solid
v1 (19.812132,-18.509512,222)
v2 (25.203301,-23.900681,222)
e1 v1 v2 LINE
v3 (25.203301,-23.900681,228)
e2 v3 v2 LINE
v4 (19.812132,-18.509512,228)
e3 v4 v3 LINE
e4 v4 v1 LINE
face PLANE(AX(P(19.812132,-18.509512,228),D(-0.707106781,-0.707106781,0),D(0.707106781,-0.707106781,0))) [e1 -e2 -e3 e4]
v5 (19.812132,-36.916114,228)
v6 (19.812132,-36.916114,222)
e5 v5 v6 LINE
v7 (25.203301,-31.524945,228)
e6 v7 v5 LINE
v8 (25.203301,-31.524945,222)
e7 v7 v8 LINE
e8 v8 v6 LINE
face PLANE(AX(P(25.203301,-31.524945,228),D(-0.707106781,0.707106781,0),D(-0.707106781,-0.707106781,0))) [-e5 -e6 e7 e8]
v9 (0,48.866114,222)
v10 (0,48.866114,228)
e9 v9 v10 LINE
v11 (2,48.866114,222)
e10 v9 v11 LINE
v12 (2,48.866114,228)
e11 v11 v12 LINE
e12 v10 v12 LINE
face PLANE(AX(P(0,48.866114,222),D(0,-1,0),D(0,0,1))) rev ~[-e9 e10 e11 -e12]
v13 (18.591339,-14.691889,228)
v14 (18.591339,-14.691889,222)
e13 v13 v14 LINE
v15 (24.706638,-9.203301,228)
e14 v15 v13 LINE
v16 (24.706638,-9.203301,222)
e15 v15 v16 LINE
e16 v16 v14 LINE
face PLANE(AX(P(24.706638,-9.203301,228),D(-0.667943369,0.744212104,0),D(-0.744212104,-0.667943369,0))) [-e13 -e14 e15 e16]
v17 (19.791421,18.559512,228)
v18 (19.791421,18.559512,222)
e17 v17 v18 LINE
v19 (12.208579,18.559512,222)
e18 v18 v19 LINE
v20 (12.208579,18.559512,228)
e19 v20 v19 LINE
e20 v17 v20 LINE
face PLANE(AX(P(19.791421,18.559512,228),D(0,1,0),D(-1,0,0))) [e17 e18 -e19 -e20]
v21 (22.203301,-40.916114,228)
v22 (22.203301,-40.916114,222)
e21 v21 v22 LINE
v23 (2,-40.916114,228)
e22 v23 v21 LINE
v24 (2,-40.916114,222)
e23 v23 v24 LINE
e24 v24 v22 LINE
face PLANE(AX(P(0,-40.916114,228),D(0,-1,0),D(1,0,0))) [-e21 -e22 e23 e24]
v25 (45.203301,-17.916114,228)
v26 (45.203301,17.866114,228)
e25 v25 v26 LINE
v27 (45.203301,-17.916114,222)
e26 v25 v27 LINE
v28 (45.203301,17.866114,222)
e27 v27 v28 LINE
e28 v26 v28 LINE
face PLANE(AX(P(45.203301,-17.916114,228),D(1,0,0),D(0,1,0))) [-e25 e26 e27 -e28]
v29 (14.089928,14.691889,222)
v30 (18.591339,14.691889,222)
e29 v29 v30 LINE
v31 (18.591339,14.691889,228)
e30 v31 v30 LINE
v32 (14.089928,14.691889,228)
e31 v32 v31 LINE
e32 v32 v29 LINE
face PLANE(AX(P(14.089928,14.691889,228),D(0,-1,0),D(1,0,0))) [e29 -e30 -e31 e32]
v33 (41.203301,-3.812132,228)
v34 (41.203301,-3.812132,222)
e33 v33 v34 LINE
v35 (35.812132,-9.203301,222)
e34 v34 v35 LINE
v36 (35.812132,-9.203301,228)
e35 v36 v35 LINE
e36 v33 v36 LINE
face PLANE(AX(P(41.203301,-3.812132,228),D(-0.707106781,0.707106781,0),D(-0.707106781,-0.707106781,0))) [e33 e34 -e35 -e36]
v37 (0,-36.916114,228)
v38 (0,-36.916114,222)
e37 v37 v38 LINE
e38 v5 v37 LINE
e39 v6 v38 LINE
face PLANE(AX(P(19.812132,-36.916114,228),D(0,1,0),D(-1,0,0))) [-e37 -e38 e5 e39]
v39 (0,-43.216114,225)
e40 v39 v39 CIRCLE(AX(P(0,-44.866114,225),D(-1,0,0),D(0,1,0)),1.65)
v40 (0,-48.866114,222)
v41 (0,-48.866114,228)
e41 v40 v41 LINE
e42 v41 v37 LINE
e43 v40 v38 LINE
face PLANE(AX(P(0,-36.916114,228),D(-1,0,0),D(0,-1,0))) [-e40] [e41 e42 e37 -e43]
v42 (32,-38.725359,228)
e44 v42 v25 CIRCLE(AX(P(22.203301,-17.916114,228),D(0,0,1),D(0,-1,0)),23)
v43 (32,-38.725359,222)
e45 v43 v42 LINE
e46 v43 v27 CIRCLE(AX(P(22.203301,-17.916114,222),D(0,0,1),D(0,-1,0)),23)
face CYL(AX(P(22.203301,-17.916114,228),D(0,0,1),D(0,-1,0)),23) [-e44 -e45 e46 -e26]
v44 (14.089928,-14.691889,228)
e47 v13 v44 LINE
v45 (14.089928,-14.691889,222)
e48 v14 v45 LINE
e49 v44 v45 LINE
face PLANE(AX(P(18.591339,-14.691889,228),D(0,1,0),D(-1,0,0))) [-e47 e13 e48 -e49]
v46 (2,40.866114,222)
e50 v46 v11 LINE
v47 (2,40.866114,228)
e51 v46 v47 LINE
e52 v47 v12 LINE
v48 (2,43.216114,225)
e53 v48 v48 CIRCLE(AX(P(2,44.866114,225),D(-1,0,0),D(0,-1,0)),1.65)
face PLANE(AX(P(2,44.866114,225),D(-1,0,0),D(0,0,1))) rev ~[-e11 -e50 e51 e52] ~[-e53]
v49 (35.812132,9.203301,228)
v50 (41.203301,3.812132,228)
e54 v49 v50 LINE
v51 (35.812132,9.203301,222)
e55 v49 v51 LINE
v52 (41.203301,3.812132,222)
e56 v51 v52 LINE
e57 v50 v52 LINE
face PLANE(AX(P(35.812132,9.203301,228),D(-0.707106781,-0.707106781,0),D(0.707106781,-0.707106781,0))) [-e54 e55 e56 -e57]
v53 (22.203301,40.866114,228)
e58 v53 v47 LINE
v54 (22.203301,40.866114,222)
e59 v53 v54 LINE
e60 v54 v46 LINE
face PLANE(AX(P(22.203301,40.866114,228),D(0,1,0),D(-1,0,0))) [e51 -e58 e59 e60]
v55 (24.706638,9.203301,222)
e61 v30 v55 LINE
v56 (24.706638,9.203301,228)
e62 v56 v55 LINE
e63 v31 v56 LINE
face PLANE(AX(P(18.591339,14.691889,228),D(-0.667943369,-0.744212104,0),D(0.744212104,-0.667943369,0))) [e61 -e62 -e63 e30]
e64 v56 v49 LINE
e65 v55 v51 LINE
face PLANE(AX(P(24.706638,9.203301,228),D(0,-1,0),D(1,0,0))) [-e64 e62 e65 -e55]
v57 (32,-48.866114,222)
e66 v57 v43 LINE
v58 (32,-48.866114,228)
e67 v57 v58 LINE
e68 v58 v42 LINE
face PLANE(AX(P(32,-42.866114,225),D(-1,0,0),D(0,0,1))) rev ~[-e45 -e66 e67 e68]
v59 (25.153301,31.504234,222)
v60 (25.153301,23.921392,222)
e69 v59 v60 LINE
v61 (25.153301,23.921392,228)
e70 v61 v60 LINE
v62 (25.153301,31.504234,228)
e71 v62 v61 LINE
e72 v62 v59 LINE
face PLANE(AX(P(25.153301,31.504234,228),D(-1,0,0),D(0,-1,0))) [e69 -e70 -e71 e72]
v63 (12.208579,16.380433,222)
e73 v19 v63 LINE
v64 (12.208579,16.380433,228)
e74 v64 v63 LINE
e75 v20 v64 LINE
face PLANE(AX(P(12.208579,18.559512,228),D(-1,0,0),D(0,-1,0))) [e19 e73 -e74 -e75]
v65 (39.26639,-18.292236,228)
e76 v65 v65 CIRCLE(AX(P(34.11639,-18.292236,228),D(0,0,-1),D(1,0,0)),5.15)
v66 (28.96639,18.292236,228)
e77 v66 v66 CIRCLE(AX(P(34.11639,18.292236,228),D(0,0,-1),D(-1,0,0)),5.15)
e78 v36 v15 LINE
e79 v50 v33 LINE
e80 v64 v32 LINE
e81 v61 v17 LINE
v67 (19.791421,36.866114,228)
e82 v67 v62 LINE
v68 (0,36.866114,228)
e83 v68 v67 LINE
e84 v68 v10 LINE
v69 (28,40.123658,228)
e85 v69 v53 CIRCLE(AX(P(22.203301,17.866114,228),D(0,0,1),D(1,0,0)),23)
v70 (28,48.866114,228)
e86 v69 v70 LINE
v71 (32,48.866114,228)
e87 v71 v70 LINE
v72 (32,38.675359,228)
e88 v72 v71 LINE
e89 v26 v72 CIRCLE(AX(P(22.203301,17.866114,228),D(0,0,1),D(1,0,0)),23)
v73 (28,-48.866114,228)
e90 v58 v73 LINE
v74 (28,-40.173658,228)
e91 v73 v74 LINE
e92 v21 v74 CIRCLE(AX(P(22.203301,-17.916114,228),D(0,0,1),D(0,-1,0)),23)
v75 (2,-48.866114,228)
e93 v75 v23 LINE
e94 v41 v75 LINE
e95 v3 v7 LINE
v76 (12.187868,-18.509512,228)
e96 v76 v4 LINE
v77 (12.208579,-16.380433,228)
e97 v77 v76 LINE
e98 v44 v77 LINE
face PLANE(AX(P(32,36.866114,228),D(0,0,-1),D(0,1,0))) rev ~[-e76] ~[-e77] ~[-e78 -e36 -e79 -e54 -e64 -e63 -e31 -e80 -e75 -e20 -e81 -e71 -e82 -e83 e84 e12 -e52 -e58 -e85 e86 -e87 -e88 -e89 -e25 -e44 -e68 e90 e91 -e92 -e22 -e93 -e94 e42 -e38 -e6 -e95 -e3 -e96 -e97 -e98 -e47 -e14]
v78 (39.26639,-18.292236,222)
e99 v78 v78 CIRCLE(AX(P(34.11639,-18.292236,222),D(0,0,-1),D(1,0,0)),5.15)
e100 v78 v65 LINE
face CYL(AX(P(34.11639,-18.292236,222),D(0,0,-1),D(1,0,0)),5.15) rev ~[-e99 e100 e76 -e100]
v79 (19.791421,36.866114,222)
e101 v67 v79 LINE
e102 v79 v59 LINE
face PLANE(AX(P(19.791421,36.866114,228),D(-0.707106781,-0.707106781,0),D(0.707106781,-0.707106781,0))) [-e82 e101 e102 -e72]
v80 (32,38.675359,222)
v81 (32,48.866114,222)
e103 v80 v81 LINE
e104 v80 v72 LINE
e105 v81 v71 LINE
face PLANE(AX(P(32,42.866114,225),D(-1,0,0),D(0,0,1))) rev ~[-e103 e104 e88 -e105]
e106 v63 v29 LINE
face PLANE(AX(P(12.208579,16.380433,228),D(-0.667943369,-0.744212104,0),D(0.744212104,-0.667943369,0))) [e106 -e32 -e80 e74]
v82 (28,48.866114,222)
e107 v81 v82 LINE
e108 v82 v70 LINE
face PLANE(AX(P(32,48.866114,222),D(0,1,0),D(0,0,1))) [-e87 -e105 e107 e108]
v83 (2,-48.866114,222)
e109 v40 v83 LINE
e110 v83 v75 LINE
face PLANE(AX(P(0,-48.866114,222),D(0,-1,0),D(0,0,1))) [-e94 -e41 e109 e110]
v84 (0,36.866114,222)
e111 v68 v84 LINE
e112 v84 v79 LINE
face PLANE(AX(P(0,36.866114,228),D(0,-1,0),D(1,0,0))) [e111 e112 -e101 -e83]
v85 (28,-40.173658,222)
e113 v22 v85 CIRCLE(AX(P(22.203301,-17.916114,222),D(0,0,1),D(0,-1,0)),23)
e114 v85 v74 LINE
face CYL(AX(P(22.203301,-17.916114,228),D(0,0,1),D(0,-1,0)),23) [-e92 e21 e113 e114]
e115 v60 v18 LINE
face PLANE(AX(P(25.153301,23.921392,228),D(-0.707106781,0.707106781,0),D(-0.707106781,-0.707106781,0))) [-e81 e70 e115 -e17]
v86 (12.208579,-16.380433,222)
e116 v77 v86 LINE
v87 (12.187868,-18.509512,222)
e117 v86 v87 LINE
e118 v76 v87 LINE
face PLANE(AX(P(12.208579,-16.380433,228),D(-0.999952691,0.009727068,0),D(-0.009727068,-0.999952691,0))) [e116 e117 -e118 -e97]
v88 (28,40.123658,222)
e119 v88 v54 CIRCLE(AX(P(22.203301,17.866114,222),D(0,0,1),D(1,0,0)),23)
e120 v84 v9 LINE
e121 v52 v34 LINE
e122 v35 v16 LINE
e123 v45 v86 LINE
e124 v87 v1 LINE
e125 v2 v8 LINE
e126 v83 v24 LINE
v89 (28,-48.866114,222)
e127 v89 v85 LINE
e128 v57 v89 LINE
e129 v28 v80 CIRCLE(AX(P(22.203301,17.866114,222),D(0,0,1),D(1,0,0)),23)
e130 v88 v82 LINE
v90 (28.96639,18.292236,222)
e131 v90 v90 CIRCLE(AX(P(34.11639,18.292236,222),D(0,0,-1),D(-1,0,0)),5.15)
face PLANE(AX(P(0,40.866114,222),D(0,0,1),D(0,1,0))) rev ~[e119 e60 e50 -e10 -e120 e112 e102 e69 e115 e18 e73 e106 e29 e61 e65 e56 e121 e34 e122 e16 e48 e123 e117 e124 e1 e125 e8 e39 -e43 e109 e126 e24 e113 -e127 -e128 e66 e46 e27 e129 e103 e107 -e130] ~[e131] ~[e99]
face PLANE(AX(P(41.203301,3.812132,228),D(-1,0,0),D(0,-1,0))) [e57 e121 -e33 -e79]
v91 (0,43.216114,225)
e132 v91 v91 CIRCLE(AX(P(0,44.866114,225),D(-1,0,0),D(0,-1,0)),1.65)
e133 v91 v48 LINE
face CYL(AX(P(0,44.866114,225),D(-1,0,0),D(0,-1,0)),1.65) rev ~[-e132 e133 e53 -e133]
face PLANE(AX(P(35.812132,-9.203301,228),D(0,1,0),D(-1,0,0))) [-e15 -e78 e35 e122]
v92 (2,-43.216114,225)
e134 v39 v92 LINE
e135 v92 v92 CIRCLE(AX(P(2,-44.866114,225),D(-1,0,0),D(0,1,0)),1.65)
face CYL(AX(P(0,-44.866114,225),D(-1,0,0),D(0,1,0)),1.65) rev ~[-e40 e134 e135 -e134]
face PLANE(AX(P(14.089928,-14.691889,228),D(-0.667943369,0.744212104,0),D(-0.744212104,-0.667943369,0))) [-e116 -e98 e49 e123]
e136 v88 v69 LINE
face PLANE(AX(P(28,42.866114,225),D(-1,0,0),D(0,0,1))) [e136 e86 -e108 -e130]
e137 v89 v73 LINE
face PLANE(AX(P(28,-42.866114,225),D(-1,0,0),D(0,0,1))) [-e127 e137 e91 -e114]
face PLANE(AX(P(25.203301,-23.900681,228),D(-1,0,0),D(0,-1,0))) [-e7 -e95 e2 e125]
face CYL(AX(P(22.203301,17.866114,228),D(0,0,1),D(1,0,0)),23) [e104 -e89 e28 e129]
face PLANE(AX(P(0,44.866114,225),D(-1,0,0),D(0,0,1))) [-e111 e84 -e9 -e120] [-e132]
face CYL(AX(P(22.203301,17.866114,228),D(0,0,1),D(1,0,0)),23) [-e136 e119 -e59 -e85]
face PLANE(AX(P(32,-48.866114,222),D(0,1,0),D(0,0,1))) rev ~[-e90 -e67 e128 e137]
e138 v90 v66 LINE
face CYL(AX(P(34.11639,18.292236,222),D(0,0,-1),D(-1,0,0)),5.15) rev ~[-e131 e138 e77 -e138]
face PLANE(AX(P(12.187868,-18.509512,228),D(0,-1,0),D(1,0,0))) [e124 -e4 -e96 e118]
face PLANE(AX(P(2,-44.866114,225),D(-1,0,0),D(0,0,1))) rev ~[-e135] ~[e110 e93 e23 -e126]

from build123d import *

# Parameters (mm, degrees)
EXTRUDE_1_DEPTH     = 6
SKETCH_2_W          = 6
SKETCH_2_H          = 8
SKETCH_2_R          = 1.65
EXTRUDE_2_DEPTH     = 2
EXTRUDE_START       = -32
SKETCH_3_W          = 6
SKETCH_3_H          = 12
EXTRUDE_3_DEPTH     = 4
CUT_EXTRUDE_1_REACH = 68.837
SKETCH_4_R          = 5.15


with BuildPart() as part:
    # 草图1 → 凸台-拉伸1 (new body)
    with BuildSketch(Plane.XY.offset(228)):
        with BuildLine():
            Line((25.153300859, 23.921391565), (19.791421356, 18.559512062))
            Line((19.791421356, 18.559512062), (12.208578644, 18.559512062))
            Line((12.208578644, 18.559512062), (12.208578644, 16.380432911))
            Line((12.208578644, 16.380432911), (14.08992832, 14.6918887))
            Line((14.08992832, 14.6918887), (18.591338638, 14.6918887))
            Line((18.591338638, 14.6918887), (24.706637775, 9.203300859))
            Line((24.706637775, 9.203300859), (28.187867966, 9.203300859))
            Line((28.187867966, 9.203300859), (35.812132034, 9.203300859))
            Line((35.812132034, 9.203300859), (41.203300859, 3.812132034))
            Line((41.203300859, 3.812132034), (41.203300859, -3.812132034))
            Line((41.203300859, -3.812132034), (35.812132034, -9.203300859))
            Line((35.812132034, -9.203300859), (28.187867966, -9.203300859))
            Line((28.187867966, -9.203300859), (24.706637775, -9.203300859))
            Line((24.706637775, -9.203300859), (18.591338638, -14.6918887))
            Line((18.591338638, -14.6918887), (14.08992832, -14.6918887))
            Line((14.08992832, -14.6918887), (12.208578644, -16.380432911))
            Line((12.208578644, -16.380432911), (12.187867966, -18.509512062))
            Line((12.187867966, -18.509512062), (19.812132034, -18.509512062))
            Line((19.812132034, -18.509512062), (25.203300859, -23.900680887))
            Line((25.203300859, -23.900680887), (25.203300859, -31.524944955))
            Line((25.203300859, -31.524944955), (19.812132034, -36.91611378))
            Line((19.812132034, -36.91611378), (12.187867966, -36.91611378))
            Line((12.187867966, -36.91611378), (0, -36.91611378))
            Line((0, -36.91611378), (0, -40.91611378))
            Line((0, -40.91611378), (22.203300859, -40.91611378))
            ThreePointArc((22.203300859, -40.91611378), (38.466756826, -34.179569747), (45.203300859, -17.91611378))
            Line((45.203300859, -17.91611378), (45.203300859, 17.86611378))
            ThreePointArc((45.203300859, 17.86611378), (38.466756826, 34.129569747), (22.203300859, 40.86611378))
            Line((22.203300859, 40.86611378), (0, 40.86611378))
            Line((0, 40.86611378), (0, 36.86611378))
            Line((0, 36.86611378), (12.208578644, 36.86611378))
            Line((12.208578644, 36.86611378), (19.791421356, 36.86611378))
            Line((19.791421356, 36.86611378), (25.153300859, 31.504234277))
            Line((25.153300859, 31.504234277), (25.153300859, 23.921391565))
        make_face()
    extrude(amount=-EXTRUDE_1_DEPTH)

    # 草图2 → 凸台-拉伸2 (add)
    # profile 1 of 2: a face of its own
    with BuildSketch(Plane.ZY):
        with Locations((225, 44.86611378)):
            Rectangle(SKETCH_2_W, SKETCH_2_H)
        with Locations(Location((225, 44.86611378, 0), (0, 0, 270))):
            Circle(SKETCH_2_R, mode=Mode.SUBTRACT)
    # profile 2 of 2: a face of its own
    with BuildSketch(Plane.ZY):
        with Locations((225, -44.86611378)):
            Rectangle(SKETCH_2_W, SKETCH_2_H)
        with Locations(Location((225, -44.86611378, 0), (0, 0, 90))):
            Circle(SKETCH_2_R, mode=Mode.SUBTRACT)
    extrude(amount=-EXTRUDE_2_DEPTH)

    # 草图3 → 凸台-拉伸3 (add)
    with BuildSketch(Plane.ZY.offset(EXTRUDE_START)):
        with Locations((225, 42.86611378)):
            Rectangle(SKETCH_3_W, SKETCH_3_H)
        with Locations((225, -42.86611378)):
            Rectangle(SKETCH_3_W, SKETCH_3_H)
    extrude(amount=EXTRUDE_3_DEPTH)

    # 草图4 → 切除-拉伸1 (cut, up to next)
    with BuildSketch(Plane(origin=(0, 0, 222), x_dir=(-1, 0, 0), z_dir=(0, 0, -1)), mode=Mode.PRIVATE) as cut_extrude_1_sk1:
        with Locations((-34.116390274, 18.292236363)):
            Circle(SKETCH_4_R)
    cut_extrude_1_tool1 = extrude(cut_extrude_1_sk1.sketch, amount=-CUT_EXTRUDE_1_REACH, mode=Mode.PRIVATE) & part.part
    # 草图4 → 切除-拉伸1 (cut, up to next)
    with BuildSketch(Plane(origin=(0, 0, 222), x_dir=(-1, 0, 0), z_dir=(0, 0, -1)), mode=Mode.PRIVATE) as cut_extrude_1_sk2:
        with Locations(Location((-34.116390274, -18.292236363, 0), (0, 0, 180))):
            Circle(SKETCH_4_R)
    cut_extrude_1_tool2 = extrude(cut_extrude_1_sk2.sketch, amount=-CUT_EXTRUDE_1_REACH, mode=Mode.PRIVATE) & part.part
    add(cut_extrude_1_tool1.solids().sort_by_distance((34.11639, 18.292236, 222))[0], mode=Mode.SUBTRACT)
    add(cut_extrude_1_tool2.solids().sort_by_distance((34.11639, -18.292236, 222))[0], mode=Mode.SUBTRACT)


solid = part.part
